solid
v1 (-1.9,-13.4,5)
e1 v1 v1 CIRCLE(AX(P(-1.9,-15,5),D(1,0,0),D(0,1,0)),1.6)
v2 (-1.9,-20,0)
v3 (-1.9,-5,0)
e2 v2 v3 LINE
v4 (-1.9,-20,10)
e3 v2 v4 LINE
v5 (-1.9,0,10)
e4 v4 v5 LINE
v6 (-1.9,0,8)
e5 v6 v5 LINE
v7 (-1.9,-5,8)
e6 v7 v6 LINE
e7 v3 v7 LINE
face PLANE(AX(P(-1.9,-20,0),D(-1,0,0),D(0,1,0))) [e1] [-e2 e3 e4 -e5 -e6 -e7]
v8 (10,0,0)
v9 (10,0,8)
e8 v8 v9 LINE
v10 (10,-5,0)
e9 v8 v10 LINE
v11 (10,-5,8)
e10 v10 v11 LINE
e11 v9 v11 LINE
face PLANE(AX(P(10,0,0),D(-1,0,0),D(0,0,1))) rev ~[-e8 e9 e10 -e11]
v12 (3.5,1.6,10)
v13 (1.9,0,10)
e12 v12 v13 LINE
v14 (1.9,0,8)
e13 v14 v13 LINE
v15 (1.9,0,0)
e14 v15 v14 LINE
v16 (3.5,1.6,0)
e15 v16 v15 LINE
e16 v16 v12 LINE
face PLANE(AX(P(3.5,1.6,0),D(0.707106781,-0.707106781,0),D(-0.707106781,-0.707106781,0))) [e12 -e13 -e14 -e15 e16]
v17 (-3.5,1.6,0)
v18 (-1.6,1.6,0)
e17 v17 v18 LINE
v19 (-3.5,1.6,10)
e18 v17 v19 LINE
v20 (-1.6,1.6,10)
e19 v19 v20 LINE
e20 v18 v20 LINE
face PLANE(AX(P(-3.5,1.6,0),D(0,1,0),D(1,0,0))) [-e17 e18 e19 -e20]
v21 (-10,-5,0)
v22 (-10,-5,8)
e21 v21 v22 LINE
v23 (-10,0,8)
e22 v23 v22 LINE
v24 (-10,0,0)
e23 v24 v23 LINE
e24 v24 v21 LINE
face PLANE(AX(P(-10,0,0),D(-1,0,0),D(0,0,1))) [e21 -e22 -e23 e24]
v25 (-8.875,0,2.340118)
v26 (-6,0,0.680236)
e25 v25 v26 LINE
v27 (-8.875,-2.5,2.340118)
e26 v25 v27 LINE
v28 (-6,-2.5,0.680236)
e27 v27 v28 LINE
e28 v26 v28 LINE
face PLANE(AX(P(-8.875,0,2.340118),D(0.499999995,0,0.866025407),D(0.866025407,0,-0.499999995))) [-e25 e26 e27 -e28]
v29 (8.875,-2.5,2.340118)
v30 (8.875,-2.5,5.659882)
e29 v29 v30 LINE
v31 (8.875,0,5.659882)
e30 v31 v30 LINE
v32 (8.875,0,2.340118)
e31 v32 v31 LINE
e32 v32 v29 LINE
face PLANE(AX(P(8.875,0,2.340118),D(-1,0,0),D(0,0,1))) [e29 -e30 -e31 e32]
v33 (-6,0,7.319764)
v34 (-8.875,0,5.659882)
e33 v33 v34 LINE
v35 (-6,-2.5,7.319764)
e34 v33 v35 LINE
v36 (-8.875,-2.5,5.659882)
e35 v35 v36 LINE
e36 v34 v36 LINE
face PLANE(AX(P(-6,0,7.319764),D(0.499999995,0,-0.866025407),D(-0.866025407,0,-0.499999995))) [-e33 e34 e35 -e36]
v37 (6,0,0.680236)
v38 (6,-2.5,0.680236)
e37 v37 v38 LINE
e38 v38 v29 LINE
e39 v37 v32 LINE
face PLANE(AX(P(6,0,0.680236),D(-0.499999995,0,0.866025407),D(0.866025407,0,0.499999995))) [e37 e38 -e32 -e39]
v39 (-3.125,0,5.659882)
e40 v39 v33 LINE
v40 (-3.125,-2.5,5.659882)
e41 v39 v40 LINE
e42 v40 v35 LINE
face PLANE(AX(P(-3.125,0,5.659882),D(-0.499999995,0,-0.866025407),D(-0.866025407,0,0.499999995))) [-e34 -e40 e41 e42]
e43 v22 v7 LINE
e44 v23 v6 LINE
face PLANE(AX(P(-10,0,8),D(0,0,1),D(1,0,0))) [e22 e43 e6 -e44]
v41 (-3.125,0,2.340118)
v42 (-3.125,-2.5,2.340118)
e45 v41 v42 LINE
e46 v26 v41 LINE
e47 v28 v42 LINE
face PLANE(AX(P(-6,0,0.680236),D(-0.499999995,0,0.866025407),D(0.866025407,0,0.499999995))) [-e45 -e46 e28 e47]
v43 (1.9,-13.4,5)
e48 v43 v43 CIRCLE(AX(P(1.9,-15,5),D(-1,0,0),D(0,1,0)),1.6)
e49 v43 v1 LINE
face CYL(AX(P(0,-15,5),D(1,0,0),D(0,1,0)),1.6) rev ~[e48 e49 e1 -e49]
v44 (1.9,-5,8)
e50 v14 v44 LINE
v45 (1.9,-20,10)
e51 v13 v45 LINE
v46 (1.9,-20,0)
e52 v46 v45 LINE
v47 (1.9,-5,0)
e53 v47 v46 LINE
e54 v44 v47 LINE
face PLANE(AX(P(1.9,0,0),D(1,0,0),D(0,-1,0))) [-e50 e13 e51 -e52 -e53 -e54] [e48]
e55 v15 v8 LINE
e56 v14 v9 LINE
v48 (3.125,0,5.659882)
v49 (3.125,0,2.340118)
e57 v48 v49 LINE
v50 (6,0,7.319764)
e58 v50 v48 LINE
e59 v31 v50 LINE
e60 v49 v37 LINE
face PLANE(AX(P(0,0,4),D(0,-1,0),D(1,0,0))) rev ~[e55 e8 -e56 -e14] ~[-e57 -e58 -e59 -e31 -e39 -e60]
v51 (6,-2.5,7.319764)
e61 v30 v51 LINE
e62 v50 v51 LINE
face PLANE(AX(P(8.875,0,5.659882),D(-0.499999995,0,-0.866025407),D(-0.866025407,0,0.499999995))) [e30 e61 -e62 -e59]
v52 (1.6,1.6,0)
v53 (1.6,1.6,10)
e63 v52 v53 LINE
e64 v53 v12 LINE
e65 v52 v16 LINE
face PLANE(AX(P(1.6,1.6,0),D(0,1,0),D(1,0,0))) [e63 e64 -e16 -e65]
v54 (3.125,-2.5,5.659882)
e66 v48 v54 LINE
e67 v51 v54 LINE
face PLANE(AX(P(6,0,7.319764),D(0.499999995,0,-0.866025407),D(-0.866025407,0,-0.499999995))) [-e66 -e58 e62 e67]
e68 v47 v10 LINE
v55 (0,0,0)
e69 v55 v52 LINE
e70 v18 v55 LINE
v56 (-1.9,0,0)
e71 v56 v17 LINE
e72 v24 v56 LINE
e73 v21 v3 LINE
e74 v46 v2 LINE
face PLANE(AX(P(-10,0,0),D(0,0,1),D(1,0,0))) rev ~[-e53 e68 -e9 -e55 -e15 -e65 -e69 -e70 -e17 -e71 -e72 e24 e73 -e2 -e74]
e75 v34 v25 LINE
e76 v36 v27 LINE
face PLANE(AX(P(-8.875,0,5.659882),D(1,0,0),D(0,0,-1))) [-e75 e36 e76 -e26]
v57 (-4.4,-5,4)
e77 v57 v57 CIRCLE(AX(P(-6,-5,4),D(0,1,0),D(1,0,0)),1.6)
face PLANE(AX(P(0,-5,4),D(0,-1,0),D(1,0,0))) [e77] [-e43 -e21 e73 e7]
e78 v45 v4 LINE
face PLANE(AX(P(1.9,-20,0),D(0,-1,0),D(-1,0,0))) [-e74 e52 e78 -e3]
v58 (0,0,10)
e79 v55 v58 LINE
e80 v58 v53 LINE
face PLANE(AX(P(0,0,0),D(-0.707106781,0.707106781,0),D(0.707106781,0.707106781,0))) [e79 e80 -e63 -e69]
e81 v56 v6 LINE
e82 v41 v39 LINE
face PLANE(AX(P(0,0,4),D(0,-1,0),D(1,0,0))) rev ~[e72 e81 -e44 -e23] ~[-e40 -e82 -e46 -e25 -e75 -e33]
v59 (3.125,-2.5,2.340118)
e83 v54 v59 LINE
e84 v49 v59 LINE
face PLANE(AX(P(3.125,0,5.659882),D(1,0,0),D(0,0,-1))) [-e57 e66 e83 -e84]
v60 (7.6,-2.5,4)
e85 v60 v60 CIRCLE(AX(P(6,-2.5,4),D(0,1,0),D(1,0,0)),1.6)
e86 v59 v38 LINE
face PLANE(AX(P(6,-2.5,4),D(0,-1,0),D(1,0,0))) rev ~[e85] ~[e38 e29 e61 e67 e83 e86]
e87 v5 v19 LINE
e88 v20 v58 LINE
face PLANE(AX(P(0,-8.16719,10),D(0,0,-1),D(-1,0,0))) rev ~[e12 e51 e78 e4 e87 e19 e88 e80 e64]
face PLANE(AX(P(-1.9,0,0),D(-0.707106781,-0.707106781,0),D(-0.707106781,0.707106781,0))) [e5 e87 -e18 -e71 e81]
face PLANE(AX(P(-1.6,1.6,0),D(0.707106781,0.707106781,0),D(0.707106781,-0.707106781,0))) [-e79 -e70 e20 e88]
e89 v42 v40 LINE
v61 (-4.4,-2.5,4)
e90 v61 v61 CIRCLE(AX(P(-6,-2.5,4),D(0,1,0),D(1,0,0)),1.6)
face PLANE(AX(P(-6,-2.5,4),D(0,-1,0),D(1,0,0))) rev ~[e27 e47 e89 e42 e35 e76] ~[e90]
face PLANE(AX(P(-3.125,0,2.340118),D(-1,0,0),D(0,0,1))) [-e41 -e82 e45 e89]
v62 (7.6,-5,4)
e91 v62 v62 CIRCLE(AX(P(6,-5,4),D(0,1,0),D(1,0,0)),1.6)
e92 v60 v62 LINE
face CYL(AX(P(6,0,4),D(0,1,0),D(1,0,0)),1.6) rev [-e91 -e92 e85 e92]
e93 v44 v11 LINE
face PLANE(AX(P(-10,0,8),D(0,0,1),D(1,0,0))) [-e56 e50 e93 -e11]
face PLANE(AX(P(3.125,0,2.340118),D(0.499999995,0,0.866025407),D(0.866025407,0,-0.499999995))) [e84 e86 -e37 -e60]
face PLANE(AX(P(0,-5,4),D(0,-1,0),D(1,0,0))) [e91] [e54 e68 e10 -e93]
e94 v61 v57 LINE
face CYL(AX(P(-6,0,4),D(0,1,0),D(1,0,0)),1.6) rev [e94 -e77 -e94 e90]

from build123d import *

# Parameters (mm, degrees)
PAD_DEPTH            = 10
SKETCH_W             = 20
SKETCH_H             = 8
PAD001_DEPTH         = 5
POCKET_DEPTH         = 2.5
SKETCH003_R          = 1.6
POCKET001_DEPTH      = 20.001
SKETCH004_R          = 1.6
POCKET002_DEPTH      = 10.001
POCKET002_DEPTH_BACK = -10.001


with BuildPart() as part:
    # Sketch001 → Pad (new body)
    with BuildSketch(Plane.XY):
        Polygon((-1.9, 0), (-3.5, 1.6), (-1.6, 1.6), (0, 0), (1.6, 1.6), (3.5, 1.6), (1.9, 0), (1.9, -20), (-1.9, -20), align=None)
    extrude(amount=PAD_DEPTH)

    # Sketch → Pad001 (join)
    with BuildSketch(Plane.XZ):
        with Locations((0, 4)):
            Rectangle(SKETCH_W, SKETCH_H)
    extrude(amount=PAD001_DEPTH)

    # Sketch002 → Pocket (cut)
    with BuildSketch(Plane.XZ):
        Polygon((-3.125, 2.340118), (-3.125, 5.659882), (-6, 7.319764), (-8.875, 5.659882), (-8.875, 2.340118), (-6, 0.680236), align=None)
        Polygon((3.125, 2.340118), (6, 0.680236), (8.875, 2.340118), (8.875, 5.659882), (6, 7.319764), (3.125, 5.659882), align=None)
    extrude(amount=POCKET_DEPTH, mode=Mode.SUBTRACT)

    # Sketch003 → Pocket001 (cut, through all)
    with BuildSketch(Plane.XZ):
        with Locations((-6, 4)):
            Circle(SKETCH003_R)
        with Locations((6, 4)):
            Circle(SKETCH003_R)
    extrude(amount=POCKET001_DEPTH, mode=Mode.SUBTRACT)

    # Sketch004 → Pocket002 (cut, two sides)
    with BuildSketch(Plane.YZ) as pocket002_sk:
        with Locations((-15, 5)):
            Circle(SKETCH004_R)
    extrude(amount=-POCKET002_DEPTH, mode=Mode.SUBTRACT)
    extrude(pocket002_sk.sketch, amount=-POCKET002_DEPTH_BACK, mode=Mode.SUBTRACT)


solid = part.part
